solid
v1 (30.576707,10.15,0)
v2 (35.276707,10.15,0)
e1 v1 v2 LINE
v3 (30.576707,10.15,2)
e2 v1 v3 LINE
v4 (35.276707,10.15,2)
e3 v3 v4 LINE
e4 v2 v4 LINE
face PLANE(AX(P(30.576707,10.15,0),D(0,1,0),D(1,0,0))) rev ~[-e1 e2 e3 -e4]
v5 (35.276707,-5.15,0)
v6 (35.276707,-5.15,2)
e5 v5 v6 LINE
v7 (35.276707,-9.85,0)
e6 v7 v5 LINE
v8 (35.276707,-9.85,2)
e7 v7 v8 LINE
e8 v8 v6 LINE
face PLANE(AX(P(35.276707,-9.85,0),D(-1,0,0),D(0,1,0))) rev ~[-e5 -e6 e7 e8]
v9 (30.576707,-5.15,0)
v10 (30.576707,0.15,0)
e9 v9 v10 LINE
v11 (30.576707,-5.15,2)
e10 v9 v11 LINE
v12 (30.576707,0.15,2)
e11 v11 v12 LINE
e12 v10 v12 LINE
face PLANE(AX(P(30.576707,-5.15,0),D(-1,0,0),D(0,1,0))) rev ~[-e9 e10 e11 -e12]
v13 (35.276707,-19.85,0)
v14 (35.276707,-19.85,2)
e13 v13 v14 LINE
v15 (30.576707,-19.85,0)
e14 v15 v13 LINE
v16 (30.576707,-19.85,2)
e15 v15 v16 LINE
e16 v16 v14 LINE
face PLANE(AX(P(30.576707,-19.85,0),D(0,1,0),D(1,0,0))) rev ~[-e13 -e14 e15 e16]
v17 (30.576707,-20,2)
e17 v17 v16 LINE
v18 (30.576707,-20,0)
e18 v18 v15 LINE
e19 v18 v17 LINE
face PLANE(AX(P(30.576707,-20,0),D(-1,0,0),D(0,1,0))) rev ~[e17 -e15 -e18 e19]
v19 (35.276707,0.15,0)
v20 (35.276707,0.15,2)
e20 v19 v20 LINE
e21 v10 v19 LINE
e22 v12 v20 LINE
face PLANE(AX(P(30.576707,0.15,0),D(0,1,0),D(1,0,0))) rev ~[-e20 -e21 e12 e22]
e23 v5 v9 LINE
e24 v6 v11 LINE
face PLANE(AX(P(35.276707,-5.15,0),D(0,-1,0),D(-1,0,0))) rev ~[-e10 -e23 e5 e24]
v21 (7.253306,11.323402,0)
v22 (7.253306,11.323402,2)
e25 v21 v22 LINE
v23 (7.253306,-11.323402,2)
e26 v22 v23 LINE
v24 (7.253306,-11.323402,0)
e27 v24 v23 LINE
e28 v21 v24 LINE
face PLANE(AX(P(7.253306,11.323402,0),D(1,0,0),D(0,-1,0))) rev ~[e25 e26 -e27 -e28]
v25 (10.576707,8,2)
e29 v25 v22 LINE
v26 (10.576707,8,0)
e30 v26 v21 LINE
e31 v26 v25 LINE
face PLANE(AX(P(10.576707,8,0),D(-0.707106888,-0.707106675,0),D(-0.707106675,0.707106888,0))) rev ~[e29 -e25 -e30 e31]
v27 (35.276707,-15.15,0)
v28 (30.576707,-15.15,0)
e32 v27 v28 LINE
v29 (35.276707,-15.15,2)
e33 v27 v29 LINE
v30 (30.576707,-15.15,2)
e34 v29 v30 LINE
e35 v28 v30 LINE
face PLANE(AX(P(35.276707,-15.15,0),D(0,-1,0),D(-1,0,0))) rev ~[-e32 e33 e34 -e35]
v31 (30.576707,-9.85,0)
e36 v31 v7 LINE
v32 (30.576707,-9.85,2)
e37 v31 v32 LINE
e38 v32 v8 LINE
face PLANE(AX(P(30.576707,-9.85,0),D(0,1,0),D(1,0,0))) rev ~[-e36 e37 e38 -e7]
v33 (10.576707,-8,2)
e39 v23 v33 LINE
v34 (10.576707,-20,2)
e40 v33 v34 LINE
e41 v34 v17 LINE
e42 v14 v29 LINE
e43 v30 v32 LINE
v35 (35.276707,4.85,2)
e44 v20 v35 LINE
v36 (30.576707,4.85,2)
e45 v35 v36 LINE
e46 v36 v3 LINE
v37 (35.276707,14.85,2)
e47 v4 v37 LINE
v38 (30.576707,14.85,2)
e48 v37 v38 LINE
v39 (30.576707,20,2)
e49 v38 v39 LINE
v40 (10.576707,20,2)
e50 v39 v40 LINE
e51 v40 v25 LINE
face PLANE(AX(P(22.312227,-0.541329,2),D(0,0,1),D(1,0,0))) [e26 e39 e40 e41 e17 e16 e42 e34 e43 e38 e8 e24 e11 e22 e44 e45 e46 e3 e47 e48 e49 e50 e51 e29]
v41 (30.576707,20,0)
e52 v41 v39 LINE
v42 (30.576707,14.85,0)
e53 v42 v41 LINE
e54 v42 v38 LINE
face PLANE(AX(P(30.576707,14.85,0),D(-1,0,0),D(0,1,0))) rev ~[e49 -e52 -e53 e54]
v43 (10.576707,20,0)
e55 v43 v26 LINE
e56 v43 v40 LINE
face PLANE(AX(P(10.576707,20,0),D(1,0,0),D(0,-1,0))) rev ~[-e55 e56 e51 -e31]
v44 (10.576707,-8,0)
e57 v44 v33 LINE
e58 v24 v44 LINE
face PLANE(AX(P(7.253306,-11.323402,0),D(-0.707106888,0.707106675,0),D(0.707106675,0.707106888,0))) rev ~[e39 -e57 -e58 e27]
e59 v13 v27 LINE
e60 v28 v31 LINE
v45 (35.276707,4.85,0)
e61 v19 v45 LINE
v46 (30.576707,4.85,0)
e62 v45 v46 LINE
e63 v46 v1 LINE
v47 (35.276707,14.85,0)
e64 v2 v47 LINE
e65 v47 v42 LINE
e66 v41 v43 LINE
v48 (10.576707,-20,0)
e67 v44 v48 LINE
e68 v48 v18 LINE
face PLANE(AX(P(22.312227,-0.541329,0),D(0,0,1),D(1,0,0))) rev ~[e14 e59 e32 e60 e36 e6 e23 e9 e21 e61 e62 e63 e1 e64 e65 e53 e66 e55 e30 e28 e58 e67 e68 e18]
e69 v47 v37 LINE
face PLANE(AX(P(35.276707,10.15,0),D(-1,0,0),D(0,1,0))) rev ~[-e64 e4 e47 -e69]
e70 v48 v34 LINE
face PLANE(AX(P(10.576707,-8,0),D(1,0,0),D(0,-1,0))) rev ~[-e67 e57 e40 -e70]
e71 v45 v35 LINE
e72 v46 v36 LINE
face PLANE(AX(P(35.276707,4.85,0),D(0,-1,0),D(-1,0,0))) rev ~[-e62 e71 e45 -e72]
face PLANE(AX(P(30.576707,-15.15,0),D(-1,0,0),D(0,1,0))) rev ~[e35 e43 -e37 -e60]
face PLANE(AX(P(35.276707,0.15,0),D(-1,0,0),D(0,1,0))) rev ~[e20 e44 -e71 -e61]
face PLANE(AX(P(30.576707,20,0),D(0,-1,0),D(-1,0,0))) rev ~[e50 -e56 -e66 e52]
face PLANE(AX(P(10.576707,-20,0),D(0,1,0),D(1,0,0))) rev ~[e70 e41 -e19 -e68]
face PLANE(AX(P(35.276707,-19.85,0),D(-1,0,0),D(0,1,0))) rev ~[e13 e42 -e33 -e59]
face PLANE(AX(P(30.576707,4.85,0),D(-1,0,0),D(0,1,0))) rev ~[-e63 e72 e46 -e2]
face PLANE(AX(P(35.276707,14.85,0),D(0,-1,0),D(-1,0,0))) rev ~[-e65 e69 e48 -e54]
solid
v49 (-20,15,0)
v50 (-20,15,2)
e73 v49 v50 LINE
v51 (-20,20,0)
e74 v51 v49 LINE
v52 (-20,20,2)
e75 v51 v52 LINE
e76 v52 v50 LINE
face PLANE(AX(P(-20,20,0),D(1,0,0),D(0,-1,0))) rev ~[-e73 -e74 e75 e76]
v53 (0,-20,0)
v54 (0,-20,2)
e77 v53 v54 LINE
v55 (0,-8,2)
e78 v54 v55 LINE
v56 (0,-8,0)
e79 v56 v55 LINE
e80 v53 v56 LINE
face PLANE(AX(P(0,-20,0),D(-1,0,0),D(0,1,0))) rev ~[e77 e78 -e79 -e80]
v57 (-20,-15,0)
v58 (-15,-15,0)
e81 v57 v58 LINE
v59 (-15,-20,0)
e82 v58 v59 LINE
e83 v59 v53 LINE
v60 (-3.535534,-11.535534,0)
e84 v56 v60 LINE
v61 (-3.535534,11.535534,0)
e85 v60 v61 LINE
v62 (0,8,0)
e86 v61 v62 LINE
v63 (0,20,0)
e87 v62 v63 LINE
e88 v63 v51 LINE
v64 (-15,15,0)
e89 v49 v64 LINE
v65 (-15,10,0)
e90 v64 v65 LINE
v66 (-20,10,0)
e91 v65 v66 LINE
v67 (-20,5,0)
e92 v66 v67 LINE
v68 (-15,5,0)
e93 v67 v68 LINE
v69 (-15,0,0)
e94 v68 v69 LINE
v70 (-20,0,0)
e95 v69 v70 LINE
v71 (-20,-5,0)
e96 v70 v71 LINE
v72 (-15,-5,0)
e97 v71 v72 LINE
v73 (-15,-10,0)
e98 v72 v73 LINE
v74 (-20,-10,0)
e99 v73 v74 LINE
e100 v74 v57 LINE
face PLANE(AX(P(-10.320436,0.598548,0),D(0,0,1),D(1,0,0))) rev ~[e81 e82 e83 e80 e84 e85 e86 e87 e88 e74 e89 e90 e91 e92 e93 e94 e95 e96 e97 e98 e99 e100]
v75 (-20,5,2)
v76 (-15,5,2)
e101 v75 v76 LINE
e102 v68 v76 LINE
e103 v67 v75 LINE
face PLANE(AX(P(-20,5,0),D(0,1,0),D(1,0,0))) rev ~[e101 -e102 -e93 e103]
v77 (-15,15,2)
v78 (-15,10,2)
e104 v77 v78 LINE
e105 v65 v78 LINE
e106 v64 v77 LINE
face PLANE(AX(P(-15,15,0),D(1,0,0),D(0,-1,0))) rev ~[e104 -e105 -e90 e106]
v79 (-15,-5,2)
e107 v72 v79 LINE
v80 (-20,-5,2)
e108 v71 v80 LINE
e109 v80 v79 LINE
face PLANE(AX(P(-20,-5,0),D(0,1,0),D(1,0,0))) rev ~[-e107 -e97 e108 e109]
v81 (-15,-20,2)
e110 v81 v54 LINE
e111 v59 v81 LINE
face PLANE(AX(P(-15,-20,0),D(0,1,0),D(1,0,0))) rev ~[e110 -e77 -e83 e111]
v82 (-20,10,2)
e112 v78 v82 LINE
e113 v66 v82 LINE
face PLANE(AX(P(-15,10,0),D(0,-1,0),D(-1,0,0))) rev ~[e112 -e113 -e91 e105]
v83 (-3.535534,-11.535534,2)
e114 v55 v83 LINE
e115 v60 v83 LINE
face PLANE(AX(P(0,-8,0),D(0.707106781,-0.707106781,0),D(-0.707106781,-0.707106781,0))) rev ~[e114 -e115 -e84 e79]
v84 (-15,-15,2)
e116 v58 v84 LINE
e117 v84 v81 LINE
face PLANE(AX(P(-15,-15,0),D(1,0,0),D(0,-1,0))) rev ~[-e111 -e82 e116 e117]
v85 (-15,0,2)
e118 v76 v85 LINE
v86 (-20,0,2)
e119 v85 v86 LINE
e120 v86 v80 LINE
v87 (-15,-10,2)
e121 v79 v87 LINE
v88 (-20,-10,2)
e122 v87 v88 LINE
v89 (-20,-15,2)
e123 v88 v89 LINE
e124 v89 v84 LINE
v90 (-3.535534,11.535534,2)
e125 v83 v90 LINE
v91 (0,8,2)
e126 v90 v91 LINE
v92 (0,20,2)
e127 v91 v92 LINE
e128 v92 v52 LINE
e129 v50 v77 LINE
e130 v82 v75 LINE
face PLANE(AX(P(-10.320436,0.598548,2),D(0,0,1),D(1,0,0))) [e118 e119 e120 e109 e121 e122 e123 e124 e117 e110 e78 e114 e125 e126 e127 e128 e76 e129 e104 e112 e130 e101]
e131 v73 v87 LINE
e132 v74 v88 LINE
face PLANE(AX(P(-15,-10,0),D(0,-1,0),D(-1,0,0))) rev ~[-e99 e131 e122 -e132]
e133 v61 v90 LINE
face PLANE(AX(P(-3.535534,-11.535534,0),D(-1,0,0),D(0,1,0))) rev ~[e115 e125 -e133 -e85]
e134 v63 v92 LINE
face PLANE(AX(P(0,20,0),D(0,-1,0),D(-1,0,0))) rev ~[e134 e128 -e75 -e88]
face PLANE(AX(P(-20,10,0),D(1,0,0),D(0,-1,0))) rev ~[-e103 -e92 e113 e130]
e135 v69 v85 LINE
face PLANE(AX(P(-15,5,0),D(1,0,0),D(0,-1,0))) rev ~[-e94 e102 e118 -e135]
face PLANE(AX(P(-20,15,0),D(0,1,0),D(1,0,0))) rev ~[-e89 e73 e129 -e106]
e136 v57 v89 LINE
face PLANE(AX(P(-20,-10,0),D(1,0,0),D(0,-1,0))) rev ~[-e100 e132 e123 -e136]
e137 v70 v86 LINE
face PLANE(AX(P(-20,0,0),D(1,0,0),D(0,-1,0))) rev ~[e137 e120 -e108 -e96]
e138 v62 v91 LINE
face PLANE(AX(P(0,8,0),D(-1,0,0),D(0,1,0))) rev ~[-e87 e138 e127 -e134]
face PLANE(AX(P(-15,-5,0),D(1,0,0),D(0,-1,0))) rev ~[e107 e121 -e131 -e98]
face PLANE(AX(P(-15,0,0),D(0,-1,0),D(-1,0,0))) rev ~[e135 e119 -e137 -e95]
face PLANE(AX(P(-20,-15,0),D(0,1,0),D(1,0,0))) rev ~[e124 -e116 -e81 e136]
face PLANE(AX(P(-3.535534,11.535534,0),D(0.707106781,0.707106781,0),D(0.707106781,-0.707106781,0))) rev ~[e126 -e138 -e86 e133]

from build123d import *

# Parameters (mm, degrees)
F1_DEPTH = 2


with BuildPart() as f1:
    # F0 (on Top) → F1 (new body)
    with BuildSketch(Plane.XY):
        Polygon((30.576707, 20), (10.576707, 20), (10.576707, 8), (7.253306, 11.323402), (7.253306, -11.323402), (10.576707, -8), (10.576707, -20), (30.576707, -20), (30.576707, -19.85), (35.276707, -19.85), (35.276707, -15.15), (30.576707, -15.15), (30.576707, -9.85), (35.276707, -9.85), (35.276707, -5.15), (30.576707, -5.15), (30.576707, 0.15), (35.276707, 0.15), (35.276707, 4.85), (30.576707, 4.85), (30.576707, 10.15), (35.276707, 10.15), (35.276707, 14.85), (30.576707, 14.85), align=None)
        Polygon((0, 8), (0, 20), (-20, 20), (-20, 15), (-15, 15), (-15, 10), (-20, 10), (-20, 5), (-15, 5), (-15, 0), (-20, 0), (-20, -5), (-15, -5), (-15, -10), (-20, -10), (-20, -15), (-15, -15), (-15, -20), (0, -20), (0, -8), (-3.535534, -11.535534), (-3.535534, 11.535534), align=None)
    extrude(amount=F1_DEPTH)


solid = f1.part
